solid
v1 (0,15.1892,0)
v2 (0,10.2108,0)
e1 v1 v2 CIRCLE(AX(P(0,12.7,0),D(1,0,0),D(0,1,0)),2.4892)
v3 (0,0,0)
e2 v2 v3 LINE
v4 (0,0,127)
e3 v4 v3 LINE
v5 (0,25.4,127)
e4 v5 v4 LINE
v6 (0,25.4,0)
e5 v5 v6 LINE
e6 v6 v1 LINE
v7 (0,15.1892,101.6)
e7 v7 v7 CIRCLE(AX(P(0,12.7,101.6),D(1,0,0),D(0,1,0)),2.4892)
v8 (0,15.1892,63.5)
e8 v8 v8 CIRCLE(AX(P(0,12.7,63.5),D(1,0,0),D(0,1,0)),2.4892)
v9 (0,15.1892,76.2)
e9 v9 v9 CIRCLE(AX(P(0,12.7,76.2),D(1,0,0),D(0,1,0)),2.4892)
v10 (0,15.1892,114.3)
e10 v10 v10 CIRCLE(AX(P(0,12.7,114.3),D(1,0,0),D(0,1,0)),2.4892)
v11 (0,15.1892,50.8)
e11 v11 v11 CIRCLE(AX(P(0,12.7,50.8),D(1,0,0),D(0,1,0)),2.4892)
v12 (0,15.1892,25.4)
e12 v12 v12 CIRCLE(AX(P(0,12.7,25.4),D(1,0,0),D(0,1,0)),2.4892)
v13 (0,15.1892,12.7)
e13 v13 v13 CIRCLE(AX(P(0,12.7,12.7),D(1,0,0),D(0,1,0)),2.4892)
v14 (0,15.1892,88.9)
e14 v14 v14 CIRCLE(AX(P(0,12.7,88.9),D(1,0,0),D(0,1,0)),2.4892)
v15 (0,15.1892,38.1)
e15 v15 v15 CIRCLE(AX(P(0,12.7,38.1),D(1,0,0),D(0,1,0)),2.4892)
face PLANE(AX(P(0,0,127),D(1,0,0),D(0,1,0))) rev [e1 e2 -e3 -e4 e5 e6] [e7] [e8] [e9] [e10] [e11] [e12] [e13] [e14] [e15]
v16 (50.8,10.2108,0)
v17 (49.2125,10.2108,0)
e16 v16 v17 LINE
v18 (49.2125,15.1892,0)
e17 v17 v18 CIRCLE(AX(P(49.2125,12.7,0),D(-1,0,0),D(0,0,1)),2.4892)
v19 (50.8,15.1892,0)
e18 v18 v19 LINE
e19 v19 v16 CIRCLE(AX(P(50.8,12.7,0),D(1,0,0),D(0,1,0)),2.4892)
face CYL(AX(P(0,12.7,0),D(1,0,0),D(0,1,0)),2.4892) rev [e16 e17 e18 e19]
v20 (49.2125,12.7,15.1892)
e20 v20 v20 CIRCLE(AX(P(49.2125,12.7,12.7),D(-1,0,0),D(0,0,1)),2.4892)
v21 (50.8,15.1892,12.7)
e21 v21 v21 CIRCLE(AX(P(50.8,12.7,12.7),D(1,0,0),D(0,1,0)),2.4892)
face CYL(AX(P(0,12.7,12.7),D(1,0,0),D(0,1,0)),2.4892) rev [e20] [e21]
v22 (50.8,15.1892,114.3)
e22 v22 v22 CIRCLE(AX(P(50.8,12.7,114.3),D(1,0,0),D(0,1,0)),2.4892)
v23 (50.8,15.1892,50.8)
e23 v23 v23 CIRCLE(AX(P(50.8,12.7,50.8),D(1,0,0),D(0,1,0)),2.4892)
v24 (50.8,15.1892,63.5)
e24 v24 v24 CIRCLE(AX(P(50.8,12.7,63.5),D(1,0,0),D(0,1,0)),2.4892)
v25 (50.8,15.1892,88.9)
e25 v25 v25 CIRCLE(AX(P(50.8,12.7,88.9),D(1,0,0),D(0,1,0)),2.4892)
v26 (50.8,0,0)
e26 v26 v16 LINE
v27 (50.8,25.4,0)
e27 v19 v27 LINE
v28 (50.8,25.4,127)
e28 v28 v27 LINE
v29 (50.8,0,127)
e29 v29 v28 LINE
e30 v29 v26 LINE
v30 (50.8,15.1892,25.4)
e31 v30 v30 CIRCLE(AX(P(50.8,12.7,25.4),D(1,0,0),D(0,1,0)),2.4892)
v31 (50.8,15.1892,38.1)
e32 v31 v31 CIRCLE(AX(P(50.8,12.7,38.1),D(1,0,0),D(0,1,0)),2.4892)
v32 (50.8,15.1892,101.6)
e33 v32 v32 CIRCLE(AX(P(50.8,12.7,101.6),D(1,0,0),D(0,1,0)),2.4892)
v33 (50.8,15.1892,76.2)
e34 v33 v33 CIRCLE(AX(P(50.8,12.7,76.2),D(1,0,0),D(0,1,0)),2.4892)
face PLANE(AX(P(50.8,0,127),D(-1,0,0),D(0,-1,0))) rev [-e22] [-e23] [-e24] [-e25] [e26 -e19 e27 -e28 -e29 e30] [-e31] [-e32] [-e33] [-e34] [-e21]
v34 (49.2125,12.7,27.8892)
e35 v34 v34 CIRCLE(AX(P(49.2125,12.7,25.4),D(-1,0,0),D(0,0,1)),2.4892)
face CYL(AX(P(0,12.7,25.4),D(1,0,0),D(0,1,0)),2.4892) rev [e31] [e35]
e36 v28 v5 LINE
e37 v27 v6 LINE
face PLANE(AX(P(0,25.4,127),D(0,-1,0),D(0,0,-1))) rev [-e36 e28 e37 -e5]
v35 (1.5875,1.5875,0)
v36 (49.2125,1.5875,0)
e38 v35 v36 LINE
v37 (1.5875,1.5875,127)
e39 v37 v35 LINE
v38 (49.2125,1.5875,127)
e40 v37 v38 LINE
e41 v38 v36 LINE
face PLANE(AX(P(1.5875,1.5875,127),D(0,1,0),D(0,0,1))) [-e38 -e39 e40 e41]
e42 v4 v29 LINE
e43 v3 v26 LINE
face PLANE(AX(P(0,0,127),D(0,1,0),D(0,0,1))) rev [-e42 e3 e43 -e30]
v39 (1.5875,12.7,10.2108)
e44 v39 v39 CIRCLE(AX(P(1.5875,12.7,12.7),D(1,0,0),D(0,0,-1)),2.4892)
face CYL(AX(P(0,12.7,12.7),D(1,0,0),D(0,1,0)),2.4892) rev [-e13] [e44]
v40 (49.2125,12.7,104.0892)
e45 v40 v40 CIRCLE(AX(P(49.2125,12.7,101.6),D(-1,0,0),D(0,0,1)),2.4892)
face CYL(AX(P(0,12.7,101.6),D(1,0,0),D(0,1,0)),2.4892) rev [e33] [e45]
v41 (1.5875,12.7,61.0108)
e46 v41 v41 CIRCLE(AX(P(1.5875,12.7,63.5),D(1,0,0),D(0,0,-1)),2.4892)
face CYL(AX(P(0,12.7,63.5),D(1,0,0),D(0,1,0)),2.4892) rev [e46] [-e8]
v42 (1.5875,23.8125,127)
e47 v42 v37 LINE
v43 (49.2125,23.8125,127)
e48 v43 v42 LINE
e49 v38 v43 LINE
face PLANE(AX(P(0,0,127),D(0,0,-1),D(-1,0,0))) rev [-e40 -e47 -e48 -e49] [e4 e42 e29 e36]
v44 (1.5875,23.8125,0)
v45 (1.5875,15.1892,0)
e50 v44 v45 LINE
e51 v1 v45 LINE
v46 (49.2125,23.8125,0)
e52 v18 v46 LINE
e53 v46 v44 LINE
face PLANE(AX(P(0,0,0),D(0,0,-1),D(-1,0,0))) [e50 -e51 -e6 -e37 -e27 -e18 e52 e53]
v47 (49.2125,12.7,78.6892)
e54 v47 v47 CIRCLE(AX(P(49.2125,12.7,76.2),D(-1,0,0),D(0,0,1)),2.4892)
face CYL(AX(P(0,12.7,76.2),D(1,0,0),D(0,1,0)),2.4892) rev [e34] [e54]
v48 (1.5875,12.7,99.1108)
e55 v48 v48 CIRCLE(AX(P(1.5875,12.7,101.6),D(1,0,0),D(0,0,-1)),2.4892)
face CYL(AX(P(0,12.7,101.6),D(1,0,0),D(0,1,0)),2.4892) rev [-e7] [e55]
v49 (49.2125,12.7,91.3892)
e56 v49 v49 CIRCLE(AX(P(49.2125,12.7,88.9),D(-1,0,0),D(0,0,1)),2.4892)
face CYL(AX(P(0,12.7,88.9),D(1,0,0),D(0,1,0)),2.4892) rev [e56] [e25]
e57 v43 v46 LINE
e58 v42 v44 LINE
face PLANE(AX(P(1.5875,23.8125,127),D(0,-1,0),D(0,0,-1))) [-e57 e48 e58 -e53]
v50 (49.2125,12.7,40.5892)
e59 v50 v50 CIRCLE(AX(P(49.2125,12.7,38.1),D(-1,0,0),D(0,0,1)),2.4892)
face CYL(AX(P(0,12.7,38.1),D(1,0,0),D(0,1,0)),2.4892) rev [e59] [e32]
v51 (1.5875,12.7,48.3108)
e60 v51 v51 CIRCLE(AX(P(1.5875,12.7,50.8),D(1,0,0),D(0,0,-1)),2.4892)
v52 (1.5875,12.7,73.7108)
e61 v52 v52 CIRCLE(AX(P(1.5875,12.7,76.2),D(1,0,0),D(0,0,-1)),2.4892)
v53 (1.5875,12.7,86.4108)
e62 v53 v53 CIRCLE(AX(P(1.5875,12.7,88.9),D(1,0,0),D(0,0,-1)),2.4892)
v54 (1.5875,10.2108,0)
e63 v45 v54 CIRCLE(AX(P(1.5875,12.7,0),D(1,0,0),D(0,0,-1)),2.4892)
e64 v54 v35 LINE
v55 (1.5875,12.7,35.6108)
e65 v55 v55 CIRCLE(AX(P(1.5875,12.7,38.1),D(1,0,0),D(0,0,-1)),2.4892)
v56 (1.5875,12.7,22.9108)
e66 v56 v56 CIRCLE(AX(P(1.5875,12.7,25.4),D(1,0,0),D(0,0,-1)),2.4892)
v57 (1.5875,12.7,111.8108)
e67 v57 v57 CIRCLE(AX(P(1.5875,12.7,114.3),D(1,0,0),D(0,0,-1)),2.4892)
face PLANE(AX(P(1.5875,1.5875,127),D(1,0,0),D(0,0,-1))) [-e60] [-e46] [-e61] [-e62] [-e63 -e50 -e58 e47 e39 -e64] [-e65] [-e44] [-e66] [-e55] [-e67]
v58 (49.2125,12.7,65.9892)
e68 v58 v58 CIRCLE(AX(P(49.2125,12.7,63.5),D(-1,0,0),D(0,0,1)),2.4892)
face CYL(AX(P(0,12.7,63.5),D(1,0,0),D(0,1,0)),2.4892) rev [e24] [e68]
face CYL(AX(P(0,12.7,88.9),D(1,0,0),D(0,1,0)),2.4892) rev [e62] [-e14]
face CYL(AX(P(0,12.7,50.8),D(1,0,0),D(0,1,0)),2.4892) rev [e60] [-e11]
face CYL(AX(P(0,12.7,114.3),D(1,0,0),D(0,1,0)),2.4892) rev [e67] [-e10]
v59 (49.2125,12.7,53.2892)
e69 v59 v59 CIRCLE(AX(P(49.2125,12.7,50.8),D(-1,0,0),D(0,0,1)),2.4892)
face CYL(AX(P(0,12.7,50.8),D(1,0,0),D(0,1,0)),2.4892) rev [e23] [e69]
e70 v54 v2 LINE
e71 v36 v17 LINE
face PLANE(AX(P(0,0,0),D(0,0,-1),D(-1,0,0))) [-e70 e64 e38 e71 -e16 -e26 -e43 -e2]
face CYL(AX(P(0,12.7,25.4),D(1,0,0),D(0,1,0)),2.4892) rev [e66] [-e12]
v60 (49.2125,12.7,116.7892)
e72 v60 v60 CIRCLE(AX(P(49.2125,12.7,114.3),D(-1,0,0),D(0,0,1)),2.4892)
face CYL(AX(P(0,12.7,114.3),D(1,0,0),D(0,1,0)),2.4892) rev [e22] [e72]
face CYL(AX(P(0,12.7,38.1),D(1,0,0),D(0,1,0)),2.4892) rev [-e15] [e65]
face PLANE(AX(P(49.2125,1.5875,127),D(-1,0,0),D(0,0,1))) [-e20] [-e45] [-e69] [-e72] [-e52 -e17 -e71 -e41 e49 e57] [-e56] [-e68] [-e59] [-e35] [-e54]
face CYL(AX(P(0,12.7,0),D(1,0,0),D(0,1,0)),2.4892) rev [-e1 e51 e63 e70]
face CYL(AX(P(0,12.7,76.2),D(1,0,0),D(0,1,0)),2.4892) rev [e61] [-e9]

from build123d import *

# Parameters (mm, degrees)
SKETCH1_W           = 50.8
SKETCH1_H           = 25.4
SKETCH1_W_2         = 47.625
SKETCH1_H_2         = 22.225
BOSS_EXTRUDE1_DEPTH = 127
SKETCH2_R           = 2.4892
CUT_EXTRUDE1_DEPTH  = 51.8


with BuildPart() as part:
    # Sketch1 → Boss-Extrude1 (new body)
    with BuildSketch(Plane.XY):
        with Locations((25.4, 12.7)):
            Rectangle(SKETCH1_W, SKETCH1_H)
        with Locations((25.4, 12.7)):
            Rectangle(SKETCH1_W_2, SKETCH1_H_2, mode=Mode.SUBTRACT)
    extrude(amount=BOSS_EXTRUDE1_DEPTH)

    # Sketch2 → Cut-Extrude1 (cut, through all)
    with BuildSketch(Plane(origin=(50.8, 0, 0), x_dir=(0, 0, -1), z_dir=(1, 0, 0))):
        with Locations((-114.3, 12.7)):
            Circle(SKETCH2_R)
        with Locations((-101.6, 12.7)):
            Circle(SKETCH2_R)
        with Locations((-88.9, 12.7)):
            Circle(SKETCH2_R)
        with Locations((-76.2, 12.7)):
            Circle(SKETCH2_R)
        with Locations((-63.5, 12.7)):
            Circle(SKETCH2_R)
        with Locations((-50.8, 12.7)):
            Circle(SKETCH2_R)
        with Locations((-38.1, 12.7)):
            Circle(SKETCH2_R)
        with Locations((-25.4, 12.7)):
            Circle(SKETCH2_R)
        with Locations((-12.7, 12.7)):
            Circle(SKETCH2_R)
        with Locations((0, 12.7)):
            Circle(SKETCH2_R)
        with Locations((12.7, 12.7)):
            Circle(SKETCH2_R)
    extrude(amount=-CUT_EXTRUDE1_DEPTH, mode=Mode.SUBTRACT)


solid = part.part
